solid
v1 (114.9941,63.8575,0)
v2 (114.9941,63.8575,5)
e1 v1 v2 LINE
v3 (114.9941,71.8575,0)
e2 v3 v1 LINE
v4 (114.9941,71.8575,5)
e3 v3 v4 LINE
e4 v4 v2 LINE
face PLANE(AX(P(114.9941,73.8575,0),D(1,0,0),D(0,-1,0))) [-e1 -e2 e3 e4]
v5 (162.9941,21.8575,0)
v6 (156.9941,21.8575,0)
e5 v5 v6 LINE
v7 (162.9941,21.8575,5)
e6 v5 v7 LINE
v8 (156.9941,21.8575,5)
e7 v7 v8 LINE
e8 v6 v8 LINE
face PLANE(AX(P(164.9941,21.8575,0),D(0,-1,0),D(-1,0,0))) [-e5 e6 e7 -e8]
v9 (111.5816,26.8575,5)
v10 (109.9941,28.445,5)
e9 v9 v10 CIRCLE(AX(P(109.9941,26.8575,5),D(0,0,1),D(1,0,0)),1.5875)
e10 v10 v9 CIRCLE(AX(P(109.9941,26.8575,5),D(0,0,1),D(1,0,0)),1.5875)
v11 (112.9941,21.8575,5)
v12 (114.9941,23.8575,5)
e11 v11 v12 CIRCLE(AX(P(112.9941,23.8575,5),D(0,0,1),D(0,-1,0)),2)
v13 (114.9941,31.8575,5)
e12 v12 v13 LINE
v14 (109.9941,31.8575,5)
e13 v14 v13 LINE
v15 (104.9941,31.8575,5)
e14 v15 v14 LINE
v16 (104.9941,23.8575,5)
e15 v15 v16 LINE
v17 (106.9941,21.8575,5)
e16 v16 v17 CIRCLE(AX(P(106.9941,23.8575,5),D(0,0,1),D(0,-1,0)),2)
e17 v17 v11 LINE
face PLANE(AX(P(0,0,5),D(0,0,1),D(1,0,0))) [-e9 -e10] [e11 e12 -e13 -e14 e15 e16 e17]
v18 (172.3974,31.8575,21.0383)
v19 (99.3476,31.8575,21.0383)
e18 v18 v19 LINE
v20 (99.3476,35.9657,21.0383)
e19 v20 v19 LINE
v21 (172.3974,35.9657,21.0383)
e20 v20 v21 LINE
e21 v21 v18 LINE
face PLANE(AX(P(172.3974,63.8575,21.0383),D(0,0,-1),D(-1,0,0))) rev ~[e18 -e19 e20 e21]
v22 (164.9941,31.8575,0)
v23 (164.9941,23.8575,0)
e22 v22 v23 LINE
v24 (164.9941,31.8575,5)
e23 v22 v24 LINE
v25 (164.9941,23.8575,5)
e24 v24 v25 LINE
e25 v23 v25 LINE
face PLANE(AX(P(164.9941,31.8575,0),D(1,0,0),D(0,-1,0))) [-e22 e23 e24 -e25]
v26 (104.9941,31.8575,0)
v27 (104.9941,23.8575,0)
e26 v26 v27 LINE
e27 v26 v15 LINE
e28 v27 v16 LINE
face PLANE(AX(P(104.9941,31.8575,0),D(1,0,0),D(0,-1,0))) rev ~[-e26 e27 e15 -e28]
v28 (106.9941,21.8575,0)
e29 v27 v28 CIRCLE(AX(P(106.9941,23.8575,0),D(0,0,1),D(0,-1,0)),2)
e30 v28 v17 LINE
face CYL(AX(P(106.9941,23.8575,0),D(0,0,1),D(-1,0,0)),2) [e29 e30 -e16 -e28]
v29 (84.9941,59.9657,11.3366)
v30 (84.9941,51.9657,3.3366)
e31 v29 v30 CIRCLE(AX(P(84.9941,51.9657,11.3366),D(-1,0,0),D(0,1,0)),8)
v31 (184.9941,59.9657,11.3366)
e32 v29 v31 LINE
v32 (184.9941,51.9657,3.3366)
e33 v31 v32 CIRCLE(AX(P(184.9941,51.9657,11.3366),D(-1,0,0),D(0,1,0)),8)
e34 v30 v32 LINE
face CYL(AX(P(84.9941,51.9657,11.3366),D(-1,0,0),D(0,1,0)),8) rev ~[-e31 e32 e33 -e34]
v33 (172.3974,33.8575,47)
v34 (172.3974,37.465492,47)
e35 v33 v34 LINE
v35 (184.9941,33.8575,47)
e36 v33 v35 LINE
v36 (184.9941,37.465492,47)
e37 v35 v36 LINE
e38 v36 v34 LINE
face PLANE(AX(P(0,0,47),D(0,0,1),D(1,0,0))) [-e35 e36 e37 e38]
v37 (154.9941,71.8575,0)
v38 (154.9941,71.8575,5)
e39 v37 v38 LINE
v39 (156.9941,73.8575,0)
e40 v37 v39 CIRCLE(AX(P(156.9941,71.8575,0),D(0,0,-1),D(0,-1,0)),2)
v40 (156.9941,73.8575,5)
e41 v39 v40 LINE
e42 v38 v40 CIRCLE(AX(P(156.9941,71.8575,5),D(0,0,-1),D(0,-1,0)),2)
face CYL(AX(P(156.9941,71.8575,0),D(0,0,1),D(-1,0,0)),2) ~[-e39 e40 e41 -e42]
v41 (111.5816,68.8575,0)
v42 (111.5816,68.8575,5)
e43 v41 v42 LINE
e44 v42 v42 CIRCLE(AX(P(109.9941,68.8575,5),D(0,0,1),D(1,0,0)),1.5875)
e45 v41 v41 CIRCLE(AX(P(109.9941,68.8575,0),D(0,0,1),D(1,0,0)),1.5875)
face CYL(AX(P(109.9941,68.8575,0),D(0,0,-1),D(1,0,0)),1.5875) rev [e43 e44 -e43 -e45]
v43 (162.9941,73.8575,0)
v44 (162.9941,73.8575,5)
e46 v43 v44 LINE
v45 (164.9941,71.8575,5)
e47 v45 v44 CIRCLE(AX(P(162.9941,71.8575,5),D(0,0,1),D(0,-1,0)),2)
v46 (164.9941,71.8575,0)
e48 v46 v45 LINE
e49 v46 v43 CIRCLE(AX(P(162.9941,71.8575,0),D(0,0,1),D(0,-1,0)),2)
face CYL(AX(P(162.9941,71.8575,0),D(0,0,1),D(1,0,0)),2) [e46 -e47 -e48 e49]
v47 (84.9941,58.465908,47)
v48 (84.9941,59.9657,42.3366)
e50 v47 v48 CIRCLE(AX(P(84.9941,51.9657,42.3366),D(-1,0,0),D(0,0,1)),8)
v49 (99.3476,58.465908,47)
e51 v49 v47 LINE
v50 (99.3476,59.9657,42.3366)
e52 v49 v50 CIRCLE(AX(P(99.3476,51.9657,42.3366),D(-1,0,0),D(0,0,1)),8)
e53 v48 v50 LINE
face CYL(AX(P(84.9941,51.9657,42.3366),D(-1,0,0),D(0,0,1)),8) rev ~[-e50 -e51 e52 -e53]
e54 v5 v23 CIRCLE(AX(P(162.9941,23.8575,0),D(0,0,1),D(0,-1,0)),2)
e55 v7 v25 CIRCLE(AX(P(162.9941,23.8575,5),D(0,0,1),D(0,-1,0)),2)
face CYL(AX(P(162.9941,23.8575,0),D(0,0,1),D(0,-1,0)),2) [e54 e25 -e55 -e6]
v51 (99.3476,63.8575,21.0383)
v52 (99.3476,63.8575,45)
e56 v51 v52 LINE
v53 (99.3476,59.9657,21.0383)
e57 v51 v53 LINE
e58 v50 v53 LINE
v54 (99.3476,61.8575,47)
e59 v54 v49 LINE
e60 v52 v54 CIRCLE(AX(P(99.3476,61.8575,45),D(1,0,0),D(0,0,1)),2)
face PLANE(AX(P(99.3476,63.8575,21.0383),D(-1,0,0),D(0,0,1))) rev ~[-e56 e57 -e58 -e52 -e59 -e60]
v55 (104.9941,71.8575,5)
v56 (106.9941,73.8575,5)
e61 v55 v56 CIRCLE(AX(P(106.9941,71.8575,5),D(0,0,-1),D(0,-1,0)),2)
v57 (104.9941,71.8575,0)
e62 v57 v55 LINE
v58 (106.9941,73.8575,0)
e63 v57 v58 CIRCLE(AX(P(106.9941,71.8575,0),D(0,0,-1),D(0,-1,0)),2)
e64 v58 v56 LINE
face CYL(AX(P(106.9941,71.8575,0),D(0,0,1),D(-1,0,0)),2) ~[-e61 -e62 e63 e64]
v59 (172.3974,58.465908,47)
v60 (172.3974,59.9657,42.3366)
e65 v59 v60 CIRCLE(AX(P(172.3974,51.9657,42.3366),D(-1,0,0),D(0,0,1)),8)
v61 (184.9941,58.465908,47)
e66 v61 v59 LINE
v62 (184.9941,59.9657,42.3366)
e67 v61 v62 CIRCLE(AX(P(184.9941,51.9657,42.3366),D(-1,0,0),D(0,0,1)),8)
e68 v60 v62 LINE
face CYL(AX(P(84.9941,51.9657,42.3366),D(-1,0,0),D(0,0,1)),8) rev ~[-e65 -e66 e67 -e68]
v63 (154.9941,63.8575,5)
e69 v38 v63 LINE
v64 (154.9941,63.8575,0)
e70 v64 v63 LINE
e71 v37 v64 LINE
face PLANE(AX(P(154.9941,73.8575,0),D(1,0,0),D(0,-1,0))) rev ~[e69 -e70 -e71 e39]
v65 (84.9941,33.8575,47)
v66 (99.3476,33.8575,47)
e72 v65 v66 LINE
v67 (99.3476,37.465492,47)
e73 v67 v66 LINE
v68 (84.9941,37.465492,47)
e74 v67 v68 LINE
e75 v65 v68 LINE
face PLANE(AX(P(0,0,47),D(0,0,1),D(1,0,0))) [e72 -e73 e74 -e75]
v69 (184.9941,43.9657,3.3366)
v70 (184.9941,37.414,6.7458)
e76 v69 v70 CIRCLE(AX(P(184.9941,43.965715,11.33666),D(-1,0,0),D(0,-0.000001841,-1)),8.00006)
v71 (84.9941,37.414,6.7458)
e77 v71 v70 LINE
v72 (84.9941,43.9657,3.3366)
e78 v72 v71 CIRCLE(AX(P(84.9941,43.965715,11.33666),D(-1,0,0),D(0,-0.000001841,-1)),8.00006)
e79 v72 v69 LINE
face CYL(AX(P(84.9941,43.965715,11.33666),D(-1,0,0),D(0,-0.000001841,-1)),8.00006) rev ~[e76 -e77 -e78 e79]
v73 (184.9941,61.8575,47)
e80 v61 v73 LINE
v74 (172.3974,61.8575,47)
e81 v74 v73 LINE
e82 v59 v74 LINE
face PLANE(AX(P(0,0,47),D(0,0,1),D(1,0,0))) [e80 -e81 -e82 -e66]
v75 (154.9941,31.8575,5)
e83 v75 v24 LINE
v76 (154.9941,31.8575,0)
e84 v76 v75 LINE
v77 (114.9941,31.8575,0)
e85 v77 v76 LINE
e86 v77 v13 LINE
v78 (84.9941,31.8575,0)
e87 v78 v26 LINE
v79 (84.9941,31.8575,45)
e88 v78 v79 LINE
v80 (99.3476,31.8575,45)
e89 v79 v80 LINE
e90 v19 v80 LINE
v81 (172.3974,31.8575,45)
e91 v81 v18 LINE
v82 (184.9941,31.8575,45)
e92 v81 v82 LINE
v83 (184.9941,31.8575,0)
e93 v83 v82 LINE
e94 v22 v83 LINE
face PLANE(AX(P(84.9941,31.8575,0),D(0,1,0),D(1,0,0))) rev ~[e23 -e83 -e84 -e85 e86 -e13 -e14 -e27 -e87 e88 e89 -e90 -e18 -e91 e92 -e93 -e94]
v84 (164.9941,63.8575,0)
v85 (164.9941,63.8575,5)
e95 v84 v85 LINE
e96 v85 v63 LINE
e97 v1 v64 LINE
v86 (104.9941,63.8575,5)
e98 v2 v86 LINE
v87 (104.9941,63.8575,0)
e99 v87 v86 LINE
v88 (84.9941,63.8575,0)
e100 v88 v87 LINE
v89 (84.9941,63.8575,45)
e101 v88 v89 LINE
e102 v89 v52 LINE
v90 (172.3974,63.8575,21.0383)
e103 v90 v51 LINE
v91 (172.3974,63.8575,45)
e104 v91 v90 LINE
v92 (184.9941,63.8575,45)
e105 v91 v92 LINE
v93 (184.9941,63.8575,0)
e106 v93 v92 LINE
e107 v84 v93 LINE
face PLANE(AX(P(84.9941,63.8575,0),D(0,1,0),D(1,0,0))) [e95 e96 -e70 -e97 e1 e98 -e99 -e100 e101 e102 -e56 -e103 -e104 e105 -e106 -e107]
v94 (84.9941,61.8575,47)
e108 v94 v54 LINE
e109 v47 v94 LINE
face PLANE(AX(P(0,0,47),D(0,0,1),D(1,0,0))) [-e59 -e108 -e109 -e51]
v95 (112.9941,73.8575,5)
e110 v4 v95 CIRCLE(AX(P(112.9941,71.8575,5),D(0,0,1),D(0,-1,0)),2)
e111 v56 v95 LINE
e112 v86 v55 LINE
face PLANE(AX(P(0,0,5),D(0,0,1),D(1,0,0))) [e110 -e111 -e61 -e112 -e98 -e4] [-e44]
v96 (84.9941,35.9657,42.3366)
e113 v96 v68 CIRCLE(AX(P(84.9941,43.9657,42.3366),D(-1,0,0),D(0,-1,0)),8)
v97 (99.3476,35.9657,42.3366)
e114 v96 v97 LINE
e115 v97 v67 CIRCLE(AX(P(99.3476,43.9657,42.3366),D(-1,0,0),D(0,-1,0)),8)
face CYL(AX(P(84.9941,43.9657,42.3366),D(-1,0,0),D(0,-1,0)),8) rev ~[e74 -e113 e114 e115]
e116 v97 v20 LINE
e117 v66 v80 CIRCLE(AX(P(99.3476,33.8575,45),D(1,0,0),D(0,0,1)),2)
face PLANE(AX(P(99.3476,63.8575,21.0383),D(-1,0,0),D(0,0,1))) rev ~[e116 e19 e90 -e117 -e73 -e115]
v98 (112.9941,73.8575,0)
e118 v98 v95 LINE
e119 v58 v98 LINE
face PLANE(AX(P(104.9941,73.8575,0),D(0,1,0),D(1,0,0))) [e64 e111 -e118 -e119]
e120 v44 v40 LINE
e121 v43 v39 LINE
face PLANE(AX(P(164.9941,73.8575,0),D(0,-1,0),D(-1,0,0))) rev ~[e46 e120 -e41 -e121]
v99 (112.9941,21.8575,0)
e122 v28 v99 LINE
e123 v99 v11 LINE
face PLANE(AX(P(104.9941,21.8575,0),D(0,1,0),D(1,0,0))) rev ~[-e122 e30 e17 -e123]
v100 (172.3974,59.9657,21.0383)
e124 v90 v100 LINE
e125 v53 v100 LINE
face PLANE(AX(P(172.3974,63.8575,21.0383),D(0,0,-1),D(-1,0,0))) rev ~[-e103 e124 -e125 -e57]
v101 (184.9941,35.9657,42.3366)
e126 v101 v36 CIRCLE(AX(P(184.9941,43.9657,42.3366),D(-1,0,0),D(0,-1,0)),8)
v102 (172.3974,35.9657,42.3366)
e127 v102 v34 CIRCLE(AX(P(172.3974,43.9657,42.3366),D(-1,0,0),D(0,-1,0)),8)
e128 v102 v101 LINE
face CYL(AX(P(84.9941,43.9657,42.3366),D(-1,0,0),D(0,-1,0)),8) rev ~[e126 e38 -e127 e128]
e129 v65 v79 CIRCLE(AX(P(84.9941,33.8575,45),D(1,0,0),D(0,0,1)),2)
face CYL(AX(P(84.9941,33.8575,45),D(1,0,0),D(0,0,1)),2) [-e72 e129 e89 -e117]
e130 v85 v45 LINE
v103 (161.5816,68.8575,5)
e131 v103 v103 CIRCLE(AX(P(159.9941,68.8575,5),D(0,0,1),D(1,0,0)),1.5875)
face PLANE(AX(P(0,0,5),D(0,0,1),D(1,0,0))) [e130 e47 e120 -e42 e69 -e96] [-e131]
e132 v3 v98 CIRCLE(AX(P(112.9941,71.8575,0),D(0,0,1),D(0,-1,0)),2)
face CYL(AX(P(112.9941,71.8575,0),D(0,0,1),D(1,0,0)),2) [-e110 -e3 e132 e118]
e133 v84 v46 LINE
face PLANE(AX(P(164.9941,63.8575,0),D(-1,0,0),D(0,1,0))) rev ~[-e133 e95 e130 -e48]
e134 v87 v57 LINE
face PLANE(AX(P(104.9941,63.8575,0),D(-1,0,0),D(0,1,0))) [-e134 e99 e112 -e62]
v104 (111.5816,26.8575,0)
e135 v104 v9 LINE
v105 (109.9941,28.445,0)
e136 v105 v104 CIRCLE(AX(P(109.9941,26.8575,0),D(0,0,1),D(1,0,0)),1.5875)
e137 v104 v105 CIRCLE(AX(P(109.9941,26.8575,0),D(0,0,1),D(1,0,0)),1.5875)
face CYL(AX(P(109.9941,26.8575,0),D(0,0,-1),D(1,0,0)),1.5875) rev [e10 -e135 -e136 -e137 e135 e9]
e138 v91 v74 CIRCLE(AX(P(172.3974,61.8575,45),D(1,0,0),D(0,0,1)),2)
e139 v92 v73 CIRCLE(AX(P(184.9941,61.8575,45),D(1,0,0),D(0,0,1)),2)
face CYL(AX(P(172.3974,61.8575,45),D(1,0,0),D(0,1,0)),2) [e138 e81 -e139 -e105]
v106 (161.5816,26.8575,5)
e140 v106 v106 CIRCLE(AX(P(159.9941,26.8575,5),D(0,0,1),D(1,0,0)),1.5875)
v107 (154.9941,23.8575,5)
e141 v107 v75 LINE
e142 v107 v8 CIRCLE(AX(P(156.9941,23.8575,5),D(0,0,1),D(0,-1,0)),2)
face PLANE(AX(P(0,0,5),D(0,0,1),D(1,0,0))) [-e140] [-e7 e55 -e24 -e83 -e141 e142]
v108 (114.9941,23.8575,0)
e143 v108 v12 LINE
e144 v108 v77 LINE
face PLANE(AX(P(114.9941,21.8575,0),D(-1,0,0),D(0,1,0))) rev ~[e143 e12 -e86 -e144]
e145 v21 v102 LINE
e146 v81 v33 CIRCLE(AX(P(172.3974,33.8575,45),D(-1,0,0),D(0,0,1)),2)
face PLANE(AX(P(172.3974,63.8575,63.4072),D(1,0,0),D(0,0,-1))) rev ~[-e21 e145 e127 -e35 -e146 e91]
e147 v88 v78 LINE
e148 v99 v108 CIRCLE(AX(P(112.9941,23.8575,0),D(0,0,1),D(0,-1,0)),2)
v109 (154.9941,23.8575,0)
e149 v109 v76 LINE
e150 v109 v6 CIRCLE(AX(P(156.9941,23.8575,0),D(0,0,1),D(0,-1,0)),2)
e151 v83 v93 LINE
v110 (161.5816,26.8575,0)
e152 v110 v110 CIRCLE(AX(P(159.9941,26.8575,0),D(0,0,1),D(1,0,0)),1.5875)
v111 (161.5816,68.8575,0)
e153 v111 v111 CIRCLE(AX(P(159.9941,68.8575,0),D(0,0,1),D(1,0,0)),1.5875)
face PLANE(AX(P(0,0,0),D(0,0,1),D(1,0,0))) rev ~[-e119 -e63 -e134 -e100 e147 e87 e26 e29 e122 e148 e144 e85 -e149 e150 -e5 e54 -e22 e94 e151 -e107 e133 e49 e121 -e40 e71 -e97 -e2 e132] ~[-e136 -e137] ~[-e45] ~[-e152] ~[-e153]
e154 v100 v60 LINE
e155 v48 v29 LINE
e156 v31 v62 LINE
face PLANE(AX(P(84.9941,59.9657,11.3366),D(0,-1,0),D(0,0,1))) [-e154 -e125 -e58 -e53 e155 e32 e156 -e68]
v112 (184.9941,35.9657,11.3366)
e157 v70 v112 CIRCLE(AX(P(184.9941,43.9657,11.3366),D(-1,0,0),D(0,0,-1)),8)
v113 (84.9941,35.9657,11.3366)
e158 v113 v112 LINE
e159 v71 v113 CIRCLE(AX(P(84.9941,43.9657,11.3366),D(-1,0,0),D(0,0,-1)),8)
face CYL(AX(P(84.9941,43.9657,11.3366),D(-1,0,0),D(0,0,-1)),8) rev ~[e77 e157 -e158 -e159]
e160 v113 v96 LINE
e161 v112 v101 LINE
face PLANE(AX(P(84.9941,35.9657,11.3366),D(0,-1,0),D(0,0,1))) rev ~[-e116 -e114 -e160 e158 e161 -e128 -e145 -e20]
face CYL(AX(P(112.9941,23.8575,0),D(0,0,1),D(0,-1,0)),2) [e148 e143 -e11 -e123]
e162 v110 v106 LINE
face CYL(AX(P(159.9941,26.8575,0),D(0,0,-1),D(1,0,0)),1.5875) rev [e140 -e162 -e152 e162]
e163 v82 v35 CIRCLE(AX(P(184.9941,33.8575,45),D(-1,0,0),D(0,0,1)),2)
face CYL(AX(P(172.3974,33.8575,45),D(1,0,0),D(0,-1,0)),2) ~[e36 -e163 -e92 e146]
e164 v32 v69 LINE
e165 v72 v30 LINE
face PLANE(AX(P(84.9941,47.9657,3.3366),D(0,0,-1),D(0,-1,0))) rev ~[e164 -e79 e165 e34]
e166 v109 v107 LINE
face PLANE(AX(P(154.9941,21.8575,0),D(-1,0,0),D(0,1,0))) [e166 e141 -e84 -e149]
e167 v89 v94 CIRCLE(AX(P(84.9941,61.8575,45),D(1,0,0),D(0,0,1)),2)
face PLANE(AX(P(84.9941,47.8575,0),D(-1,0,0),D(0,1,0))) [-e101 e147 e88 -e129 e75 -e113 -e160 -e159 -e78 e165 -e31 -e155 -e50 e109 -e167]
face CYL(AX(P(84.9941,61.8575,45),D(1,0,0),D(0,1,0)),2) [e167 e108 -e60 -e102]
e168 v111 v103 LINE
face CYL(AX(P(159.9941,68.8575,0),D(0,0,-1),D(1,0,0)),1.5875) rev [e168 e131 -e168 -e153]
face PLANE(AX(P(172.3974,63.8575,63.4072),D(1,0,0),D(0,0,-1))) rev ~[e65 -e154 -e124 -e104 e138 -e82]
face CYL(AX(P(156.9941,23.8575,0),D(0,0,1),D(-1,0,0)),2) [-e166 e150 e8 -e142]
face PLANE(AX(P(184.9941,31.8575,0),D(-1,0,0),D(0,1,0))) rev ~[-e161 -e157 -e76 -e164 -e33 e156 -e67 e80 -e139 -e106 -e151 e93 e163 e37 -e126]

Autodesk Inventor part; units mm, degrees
ref_plane "YZ Plane" through (0, 0, 0) normal (1, 0, 0) x (0, 1, 0)
sketch "Sketch1" plane through (0, 0, 0) normal (0, 0, 1) x (1, 0, 0)
  line L0 (29.367, 37.7153) -> (29.0801, 37.3058)
  arc A0 (25.6709, 43.8574) -> (29.0801, 37.3058) centre (33.6709, 43.8574) ccw
  line L1 (25.6709, 51.8574) -> (25.6709, 43.8574)
  line L2 (25.6709, 43.8574) -> (25.6709, 51.8574)
  arc A1 (33.6709, 59.8574) -> (25.6709, 51.8574) centre (33.6709, 51.8574) ccw
  line L3 (33.6709, 59.8574) -> (64.6709, 59.8574)
  arc A2 (72.6709, 51.8574) -> (64.6709, 59.8574) centre (64.6709, 51.8574) ccw
  line L4 (72.6709, 43.8574) -> (72.6709, 51.8574)
  line L5 (72.6709, 51.8576) -> (72.6709, 43.8574)
  arc A3 (64.6709, 35.8574) -> (72.6709, 43.8574) centre (64.6709, 43.8574) ccw
  arc A4 (33.6709, 59.8574) -> (25.6709, 51.8574) centre (33.6709, 51.8574) ccw
  arc A5 (25.6709, 43.8574) -> (33.6709, 35.8574) centre (33.6709, 43.8574) ccw
  arc A6 (64.6709, 35.8574) -> (72.6709, 43.8574) centre (64.6709, 43.8574) ccw
  arc A7 (72.6709, 51.8574) -> (64.6709, 59.8574) centre (64.6709, 51.8574) ccw
  line L6 (33.6709, 35.8574) -> (64.6709, 35.8574)
  line L7 (33.6709, 35.8574) -> (50.3633, 35.8574)
  line L8 (50.3633, 59.8574) -> (50.3633, 35.8574)
  line L9 (25.6709, 47.8574) -> (50.3633, 47.8574)
  line L10 (84.9941, 47.8575) -> (84.9941, 63.8575)
  line L11 (84.9941, 63.8575) -> (184.9941, 63.8575)
  line L12 (84.9941, 47.8575) -> (84.9941, 31.8575)
  line L13 (84.9941, 31.8575) -> (184.9941, 31.8575)
  line L14 (184.9941, 31.8575) -> (184.9941, 63.8575)
  line L15 (184.9941, 31.8575) -> (164.9941, 31.8575)
  line L16 (164.9941, 31.8575) -> (164.9941, 21.8575)
  line L17 (164.9941, 21.8575) -> (154.9941, 21.8575)
  line L18 (154.9941, 21.8575) -> (154.9941, 31.8575)
  line L19 (84.9941, 31.8575) -> (104.9941, 31.8575)
  line L20 (104.9941, 31.8575) -> (104.9941, 21.8575)
  line L21 (104.9941, 21.8575) -> (114.9941, 21.8575)
  line L22 (114.9941, 21.8575) -> (114.9941, 31.8575)
  line L23 (184.9941, 63.8575) -> (164.9941, 63.8575)
  line L24 (164.9941, 63.8575) -> (164.9941, 73.8575)
  line L25 (164.9941, 73.8575) -> (154.9941, 73.8575)
  line L26 (154.9941, 73.8575) -> (154.9941, 63.8575)
  line L27 (84.9941, 63.8575) -> (104.9941, 63.8575)
  line L28 (104.9941, 63.8575) -> (104.9941, 73.8575)
  line L29 (104.9941, 73.8575) -> (114.9941, 73.8575)
  line L30 (114.9941, 73.8575) -> (114.9941, 63.8575)
  line L31 (104.9941, 63.8575) -> (109.9941, 63.8575)
  line L32 (104.9941, 31.8575) -> (109.9941, 31.8575)
  line L33 (104.9941, 31.8575) -> (109.9941, 31.8575)
  line L34 (109.9941, 26.8575) -> (109.9941, 31.8575)
  line L35 (154.9941, 63.8575) -> (159.9941, 63.8575)
  line L36 (154.9941, 31.8575) -> (159.9941, 31.8575)
  circle A8 centre (109.9941, 68.8575) radius 1.5875
  circle A9 centre (159.9941, 68.8575) radius 1.5875
  circle A10 centre (109.9941, 26.8575) radius 1.5875
  circle A11 centre (159.9941, 26.8575) radius 1.5875
  point P0 (0, 0)
sketch "Sketch2" plane through (0, 0, 0) normal (0, 0, 1) x (1, 0, 0)
  line L0 (29.367, 37.7153) -> (29.0801, 37.3058)
  arc A0 (25.6709, 43.8574) -> (29.0801, 37.3058) centre (33.6709, 43.8574) ccw
  line L1 (25.6709, 51.8574) -> (25.6709, 43.8574)
  line L2 (25.6709, 43.8574) -> (25.6709, 51.8574)
  arc A1 (33.6709, 59.8574) -> (25.6709, 51.8574) centre (33.6709, 51.8574) ccw
  line L3 (33.6709, 59.8574) -> (64.6709, 59.8574)
  arc A2 (72.6709, 51.8574) -> (64.6709, 59.8574) centre (64.6709, 51.8574) ccw
  line L4 (72.6709, 43.8574) -> (72.6709, 51.8574)
  line L5 (72.6709, 51.8576) -> (72.6709, 43.8574)
  arc A3 (64.6709, 35.8574) -> (72.6709, 43.8574) centre (64.6709, 43.8574) ccw
  arc A4 (33.6709, 59.8574) -> (25.6709, 51.8574) centre (33.6709, 51.8574) ccw
  arc A5 (25.6709, 43.8574) -> (33.6709, 35.8574) centre (33.6709, 43.8574) ccw
  arc A6 (64.6709, 35.8574) -> (72.6709, 43.8574) centre (64.6709, 43.8574) ccw
  arc A7 (72.6709, 51.8574) -> (64.6709, 59.8574) centre (64.6709, 51.8574) ccw
  line L6 (33.6709, 35.8574) -> (64.6709, 35.8574)
  line L7 (33.6709, 35.8574) -> (50.3633, 35.8574)
  line L8 (50.3633, 59.8574) -> (50.3633, 35.8574)
  line L9 (25.6709, 47.8574) -> (50.3633, 47.8574)
  line L10 (84.9941, 47.8575) -> (84.9941, 63.8575)
  line L11 (84.9941, 63.8575) -> (184.9941, 63.8575)
  line L12 (84.9941, 47.8575) -> (84.9941, 31.8575)
  line L13 (84.9941, 31.8575) -> (184.9941, 31.8575)
  line L14 (184.9941, 31.8575) -> (184.9941, 63.8575)
  line L15 (184.9941, 31.8575) -> (164.9941, 31.8575)
  line L16 (164.9941, 31.8575) -> (164.9941, 21.8575)
  line L17 (164.9941, 21.8575) -> (154.9941, 21.8575)
  line L18 (154.9941, 21.8575) -> (154.9941, 31.8575)
  line L19 (84.9941, 31.8575) -> (104.9941, 31.8575)
  line L20 (104.9941, 31.8575) -> (104.9941, 21.8575)
  line L21 (104.9941, 21.8575) -> (114.9941, 21.8575)
  line L22 (114.9941, 21.8575) -> (114.9941, 31.8575)
  line L23 (184.9941, 63.8575) -> (164.9941, 63.8575)
  line L24 (164.9941, 63.8575) -> (164.9941, 73.8575)
  line L25 (164.9941, 73.8575) -> (154.9941, 73.8575)
  line L26 (154.9941, 73.8575) -> (154.9941, 63.8575)
  line L27 (84.9941, 63.8575) -> (104.9941, 63.8575)
  line L28 (104.9941, 63.8575) -> (104.9941, 73.8575)
  line L29 (104.9941, 73.8575) -> (114.9941, 73.8575)
  line L30 (114.9941, 73.8575) -> (114.9941, 63.8575)
  line L31 (104.9941, 63.8575) -> (109.9941, 63.8575)
  line L32 (104.9941, 31.8575) -> (109.9941, 31.8575)
  line L33 (104.9941, 31.8575) -> (109.9941, 31.8575)
  line L34 (109.9941, 26.8575) -> (109.9941, 31.8575)
  line L35 (154.9941, 63.8575) -> (159.9941, 63.8575)
  line L36 (154.9941, 31.8575) -> (159.9941, 31.8575)
  circle A8 centre (109.9941, 68.8575) radius 1.5875
  circle A9 centre (159.9941, 68.8575) radius 1.5875
  circle A10 centre (109.9941, 26.8575) radius 1.5875
  circle A11 centre (159.9941, 26.8575) radius 1.5875
  point P0 (0, 0)
extrude "Extrusion1" add sketch "Sketch1" along normal blind 47 contours L10 L11 L14 L13 L12
extrude "Extrusion2" add sketch "Sketch2" along normal blind 5 contours L28 L29 L30 L11 | L13 L22 L21 L20 | L26 L25 L24 L11 | L13 L16 L17 L18
ref_plane "Work Plane1" through (84.9941, 63.8575, 47) normal (0, 1, 0) x (1, 0, 0)
sketch "Sketch3" plane through (84.9941, 63.8575, 47) normal (0, 1, 0) x (1, 0, 0)
  point P0 (-84.9941, 47)
ref_plane "Work Plane2" through (84.9941, 31.8575, 0) normal (-1, 0, 0) x (0, 0, 1)
sketch "Sketch4" plane through (84.9941, 31.8575, 0) normal (-1, 0, 0) x (0, 0, 1)
  line L0 (7.0327, 5.966) -> (6.7458, 5.5565)
  arc A0 (3.3366, 12.1082) -> (6.7458, 5.5565) centre (11.3366, 12.1082) ccw
  line L1 (3.3366, 20.1082) -> (3.3366, 12.1082)
  line L2 (3.3366, 12.1082) -> (3.3366, 20.1082)
  arc A1 (11.3366, 28.1082) -> (3.3366, 20.1082) centre (11.3366, 20.1082) ccw
  line L3 (11.3366, 28.1082) -> (42.3366, 28.1082)
  arc A2 (50.3366, 20.1082) -> (42.3366, 28.1082) centre (42.3366, 20.1082) ccw
  line L4 (50.3366, 12.1082) -> (50.3366, 20.1082)
  line L5 (50.3366, 20.1083) -> (50.3366, 12.1082)
  arc A3 (42.3366, 4.1082) -> (50.3366, 12.1082) centre (42.3366, 12.1082) ccw
  arc A4 (11.3366, 28.1082) -> (3.3366, 20.1082) centre (11.3366, 20.1082) ccw
  arc A5 (3.3366, 12.1082) -> (11.3366, 4.1082) centre (11.3366, 12.1082) ccw
  arc A6 (42.3366, 4.1082) -> (50.3366, 12.1082) centre (42.3366, 12.1082) ccw
  arc A7 (50.3366, 20.1082) -> (42.3366, 28.1082) centre (42.3366, 20.1082) ccw
  line L6 (11.3366, 4.1082) -> (42.3366, 4.1082)
  line L7 (11.3366, 4.1082) -> (28.029, 4.1082)
  line L8 (28.029, 28.1082) -> (28.029, 4.1082)
  line L9 (3.3366, 16.1082) -> (28.029, 16.1082)
  point P0 (0, -31.8575)
  point P1 (50.3366, 20.1082)
extrude "Extrusion3" cut sketch "Sketch4" against normal blind 110
sketch "Sketch5" plane through (84.9941, 63.8575, 47) normal (0, 1, 0) x (1, 0, 0)
  line L0 (14.3535, -16.4072) -> (87.4033, -16.4072)
  line L1 (87.4033, -16.4072) -> (87.4033, 25.9617)
  line L2 (87.4033, 25.9617) -> (14.3535, 25.9617)
  line L3 (14.3535, 25.9617) -> (14.3535, -16.4072)
  point P0 (-84.9941, 47)
extrude "Extrusion4" cut sketch "Sketch5" against normal blind 40
fillet "Fillet1" radius 2 4 edges at (92.1709, 63.8575, 47) (178.6957, 63.8575, 47) (178.6957, 31.8575, 47) (92.1709, 31.8575, 47)
fillet "Fillet2" radius 2 8 edges at (164.9941, 73.8575, 2.5) (154.9941, 73.8575, 2.5) (114.9941, 73.8575, 2.5) (104.9941, 73.8575, 2.5) (164.9941, 21.8575, 2.5) (154.9941, 21.8575, 2.5) (114.9941, 21.8575, 2.5) (104.9941, 21.8575, 2.5)
properties part number "Porta pilas"
